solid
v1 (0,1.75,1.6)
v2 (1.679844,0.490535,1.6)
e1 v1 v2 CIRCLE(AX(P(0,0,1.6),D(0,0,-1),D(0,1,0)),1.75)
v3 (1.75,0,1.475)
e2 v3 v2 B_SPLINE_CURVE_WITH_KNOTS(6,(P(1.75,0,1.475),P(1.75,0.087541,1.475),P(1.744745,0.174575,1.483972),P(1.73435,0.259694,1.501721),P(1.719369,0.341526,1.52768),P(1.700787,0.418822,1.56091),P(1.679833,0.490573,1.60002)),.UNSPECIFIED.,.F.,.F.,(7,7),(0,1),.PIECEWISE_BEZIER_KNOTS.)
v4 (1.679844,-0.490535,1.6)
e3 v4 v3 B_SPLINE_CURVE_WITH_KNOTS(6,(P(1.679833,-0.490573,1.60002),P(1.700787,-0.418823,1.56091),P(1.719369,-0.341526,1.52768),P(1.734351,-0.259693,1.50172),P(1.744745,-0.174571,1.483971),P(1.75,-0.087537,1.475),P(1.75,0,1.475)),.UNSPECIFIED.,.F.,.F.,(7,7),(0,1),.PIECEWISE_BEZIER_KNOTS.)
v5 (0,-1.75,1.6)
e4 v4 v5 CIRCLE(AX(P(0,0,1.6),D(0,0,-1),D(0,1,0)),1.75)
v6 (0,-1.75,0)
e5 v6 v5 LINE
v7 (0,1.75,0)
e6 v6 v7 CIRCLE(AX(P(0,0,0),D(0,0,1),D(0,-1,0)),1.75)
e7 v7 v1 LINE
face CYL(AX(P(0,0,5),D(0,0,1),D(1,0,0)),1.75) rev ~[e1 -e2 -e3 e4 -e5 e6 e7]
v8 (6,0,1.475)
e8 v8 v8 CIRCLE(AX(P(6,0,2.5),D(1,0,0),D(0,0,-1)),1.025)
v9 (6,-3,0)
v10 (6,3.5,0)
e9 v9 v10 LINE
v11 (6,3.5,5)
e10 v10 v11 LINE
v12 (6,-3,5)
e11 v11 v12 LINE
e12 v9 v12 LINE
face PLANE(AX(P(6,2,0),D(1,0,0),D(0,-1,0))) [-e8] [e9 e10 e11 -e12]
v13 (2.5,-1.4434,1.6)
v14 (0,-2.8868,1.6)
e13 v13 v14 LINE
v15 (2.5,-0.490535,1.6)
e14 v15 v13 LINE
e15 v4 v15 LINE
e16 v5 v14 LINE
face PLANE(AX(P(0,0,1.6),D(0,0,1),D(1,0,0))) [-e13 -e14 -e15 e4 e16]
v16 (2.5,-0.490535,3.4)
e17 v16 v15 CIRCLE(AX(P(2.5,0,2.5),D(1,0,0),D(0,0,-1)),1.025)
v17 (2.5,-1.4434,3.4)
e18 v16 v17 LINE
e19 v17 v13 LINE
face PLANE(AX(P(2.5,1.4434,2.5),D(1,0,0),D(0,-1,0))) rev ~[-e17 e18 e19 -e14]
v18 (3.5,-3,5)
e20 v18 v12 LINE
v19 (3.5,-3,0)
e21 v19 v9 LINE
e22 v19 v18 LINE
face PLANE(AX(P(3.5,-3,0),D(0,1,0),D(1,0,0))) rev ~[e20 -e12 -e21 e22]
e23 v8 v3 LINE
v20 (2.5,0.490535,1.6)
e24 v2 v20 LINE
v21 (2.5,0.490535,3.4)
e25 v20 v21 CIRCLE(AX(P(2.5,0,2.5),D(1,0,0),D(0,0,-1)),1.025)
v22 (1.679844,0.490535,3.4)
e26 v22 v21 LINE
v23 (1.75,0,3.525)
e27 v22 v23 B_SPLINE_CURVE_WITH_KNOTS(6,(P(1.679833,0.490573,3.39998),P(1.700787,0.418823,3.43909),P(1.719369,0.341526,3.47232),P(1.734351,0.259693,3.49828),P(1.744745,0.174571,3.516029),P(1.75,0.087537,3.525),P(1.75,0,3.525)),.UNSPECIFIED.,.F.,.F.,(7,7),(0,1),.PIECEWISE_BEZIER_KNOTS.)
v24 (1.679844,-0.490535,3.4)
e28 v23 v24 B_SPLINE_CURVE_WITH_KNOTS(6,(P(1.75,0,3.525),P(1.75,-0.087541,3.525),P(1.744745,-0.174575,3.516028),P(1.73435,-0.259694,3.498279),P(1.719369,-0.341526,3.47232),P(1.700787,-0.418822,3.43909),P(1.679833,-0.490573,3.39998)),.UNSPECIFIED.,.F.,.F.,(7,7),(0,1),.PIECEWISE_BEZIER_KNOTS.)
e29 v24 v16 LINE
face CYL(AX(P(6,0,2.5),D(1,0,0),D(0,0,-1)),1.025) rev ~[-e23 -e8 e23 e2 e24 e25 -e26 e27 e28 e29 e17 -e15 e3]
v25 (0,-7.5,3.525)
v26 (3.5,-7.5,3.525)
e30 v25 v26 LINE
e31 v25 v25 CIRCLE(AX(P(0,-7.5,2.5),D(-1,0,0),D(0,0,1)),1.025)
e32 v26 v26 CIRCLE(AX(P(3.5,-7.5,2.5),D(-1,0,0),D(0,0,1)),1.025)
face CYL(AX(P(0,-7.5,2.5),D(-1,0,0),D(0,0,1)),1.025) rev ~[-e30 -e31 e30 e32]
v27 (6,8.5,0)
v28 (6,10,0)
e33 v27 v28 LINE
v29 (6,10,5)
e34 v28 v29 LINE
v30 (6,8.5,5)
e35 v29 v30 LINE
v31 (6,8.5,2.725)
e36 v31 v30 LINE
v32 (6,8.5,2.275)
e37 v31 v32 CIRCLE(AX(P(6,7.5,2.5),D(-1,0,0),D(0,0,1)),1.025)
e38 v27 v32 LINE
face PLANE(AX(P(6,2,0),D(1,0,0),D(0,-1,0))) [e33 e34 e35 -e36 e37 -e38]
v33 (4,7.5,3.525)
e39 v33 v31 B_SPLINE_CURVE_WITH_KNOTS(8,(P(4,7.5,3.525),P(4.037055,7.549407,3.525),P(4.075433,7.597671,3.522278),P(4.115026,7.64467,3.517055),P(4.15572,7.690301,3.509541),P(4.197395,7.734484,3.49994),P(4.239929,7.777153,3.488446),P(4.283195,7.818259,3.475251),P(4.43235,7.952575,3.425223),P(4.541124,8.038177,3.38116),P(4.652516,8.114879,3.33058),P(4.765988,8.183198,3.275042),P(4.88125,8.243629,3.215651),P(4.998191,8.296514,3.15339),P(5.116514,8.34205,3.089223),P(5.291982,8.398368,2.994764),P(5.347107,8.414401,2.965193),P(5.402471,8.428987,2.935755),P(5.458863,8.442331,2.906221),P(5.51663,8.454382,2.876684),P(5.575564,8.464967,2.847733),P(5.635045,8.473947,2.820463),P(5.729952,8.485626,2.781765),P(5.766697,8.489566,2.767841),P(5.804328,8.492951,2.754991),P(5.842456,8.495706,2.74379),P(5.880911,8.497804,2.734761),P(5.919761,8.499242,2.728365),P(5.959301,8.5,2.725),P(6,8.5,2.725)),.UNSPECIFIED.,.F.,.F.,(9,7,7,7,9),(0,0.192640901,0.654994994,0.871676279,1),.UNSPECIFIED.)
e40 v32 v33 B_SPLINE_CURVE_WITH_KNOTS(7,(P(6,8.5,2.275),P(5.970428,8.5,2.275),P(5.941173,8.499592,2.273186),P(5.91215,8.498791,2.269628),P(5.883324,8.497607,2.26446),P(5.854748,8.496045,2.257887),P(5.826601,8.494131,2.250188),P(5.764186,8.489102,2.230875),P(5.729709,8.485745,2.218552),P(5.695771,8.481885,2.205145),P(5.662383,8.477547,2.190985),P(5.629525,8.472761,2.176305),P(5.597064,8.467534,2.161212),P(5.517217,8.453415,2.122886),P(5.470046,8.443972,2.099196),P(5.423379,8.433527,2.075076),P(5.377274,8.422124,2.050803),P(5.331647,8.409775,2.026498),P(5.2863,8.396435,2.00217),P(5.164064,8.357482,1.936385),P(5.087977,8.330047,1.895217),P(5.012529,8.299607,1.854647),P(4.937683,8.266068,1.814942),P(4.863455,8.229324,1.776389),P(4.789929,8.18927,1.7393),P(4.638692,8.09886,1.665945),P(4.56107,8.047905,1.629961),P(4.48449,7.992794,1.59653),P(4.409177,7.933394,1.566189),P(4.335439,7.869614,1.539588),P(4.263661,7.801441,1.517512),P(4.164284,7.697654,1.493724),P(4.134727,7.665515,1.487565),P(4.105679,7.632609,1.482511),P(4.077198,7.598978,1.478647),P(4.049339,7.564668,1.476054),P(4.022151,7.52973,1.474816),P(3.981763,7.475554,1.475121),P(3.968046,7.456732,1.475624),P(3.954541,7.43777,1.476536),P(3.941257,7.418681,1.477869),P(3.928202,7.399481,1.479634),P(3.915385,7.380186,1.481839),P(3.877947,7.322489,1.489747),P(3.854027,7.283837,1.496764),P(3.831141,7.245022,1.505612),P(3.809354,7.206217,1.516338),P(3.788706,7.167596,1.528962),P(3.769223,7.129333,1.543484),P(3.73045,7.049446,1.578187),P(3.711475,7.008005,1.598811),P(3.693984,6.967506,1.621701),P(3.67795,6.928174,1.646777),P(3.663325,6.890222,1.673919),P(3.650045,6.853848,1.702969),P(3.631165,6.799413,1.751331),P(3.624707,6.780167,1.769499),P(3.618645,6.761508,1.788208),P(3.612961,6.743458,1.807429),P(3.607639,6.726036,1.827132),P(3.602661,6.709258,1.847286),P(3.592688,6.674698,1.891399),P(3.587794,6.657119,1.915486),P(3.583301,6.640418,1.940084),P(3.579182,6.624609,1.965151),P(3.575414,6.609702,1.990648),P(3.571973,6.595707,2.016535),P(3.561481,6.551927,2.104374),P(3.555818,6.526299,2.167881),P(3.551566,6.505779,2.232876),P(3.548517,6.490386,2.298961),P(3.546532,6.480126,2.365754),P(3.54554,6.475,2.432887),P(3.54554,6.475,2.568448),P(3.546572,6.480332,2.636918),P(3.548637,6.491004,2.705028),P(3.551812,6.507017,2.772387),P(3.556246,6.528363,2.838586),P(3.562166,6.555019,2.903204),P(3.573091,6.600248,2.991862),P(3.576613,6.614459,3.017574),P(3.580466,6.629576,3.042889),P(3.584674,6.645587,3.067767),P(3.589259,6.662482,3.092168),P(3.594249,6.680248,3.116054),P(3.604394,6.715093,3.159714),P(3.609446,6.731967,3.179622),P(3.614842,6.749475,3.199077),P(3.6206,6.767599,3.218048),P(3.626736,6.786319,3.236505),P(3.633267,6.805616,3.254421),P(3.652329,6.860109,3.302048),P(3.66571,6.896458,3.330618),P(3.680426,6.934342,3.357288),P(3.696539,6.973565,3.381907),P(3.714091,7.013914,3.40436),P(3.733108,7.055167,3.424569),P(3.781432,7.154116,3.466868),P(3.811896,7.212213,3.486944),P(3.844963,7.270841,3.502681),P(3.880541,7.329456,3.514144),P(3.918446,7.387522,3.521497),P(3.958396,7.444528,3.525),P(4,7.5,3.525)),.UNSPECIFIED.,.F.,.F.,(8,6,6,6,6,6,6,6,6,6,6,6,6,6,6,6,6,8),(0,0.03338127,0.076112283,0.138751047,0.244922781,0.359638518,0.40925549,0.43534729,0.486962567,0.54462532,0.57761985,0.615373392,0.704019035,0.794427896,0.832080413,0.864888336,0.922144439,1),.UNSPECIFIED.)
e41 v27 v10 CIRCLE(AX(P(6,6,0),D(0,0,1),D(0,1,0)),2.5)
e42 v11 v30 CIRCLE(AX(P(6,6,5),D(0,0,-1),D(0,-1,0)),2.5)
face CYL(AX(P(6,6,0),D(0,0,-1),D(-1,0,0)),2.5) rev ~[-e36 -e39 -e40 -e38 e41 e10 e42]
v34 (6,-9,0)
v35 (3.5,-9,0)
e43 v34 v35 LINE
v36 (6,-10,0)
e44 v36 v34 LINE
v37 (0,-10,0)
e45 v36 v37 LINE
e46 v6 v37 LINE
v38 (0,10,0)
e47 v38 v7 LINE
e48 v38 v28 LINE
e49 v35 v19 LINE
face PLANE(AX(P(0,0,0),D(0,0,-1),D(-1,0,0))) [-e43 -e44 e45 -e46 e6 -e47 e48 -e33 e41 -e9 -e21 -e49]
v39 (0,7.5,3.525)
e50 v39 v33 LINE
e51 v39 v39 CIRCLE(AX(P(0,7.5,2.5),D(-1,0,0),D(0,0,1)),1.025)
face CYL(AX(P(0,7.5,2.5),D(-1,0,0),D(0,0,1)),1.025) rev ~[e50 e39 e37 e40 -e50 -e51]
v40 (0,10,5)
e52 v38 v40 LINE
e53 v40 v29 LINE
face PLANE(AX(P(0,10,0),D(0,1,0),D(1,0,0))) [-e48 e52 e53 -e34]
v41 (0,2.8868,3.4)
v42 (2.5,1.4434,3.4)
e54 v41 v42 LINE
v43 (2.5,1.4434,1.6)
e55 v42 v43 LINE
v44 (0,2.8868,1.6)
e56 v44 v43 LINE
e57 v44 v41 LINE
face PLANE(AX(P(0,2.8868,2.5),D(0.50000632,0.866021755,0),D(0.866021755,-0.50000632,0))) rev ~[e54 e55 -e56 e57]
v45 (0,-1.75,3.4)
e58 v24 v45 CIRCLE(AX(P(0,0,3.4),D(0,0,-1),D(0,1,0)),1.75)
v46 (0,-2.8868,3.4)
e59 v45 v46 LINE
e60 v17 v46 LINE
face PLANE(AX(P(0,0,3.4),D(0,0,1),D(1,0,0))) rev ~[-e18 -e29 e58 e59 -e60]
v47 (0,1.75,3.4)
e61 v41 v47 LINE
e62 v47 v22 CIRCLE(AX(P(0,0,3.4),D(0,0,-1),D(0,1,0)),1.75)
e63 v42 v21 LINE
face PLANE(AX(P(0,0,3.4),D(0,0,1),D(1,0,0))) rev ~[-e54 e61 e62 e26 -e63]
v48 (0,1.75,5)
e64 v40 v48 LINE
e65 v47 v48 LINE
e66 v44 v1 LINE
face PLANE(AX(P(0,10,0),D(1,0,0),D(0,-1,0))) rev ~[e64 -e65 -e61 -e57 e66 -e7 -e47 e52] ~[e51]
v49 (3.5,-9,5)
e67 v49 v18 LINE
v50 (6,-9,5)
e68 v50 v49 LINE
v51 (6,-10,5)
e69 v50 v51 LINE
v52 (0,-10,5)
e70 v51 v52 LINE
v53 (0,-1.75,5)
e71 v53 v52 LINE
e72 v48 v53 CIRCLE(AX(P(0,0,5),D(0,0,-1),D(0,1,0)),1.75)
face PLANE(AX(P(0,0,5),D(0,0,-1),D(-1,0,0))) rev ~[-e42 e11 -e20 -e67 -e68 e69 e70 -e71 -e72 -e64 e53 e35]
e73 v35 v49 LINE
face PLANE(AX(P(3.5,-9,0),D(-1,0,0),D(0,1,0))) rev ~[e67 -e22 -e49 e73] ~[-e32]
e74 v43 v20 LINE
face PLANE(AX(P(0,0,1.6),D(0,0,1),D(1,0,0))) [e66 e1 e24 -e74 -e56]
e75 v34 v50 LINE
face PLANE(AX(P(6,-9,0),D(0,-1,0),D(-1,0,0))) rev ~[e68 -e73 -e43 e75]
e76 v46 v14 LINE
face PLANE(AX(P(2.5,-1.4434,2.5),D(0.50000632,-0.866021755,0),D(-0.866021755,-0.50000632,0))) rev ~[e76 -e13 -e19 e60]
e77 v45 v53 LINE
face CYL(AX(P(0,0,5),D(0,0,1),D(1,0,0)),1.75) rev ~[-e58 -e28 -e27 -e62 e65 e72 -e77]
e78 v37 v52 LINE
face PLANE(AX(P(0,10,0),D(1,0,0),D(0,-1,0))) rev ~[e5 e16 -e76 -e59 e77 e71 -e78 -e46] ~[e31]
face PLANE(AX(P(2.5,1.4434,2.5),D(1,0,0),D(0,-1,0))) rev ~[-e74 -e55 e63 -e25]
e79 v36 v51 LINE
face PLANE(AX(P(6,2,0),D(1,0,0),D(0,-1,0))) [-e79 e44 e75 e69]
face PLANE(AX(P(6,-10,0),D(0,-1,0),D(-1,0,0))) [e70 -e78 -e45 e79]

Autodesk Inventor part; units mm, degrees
ref_plane "YZ Plane" through (0, 0, 0) normal (1, 0, 0) x (0, 1, 0)
ref_plane "XZ Plane" through (0, 0, 0) normal (0, 1, 0) x (-1, 0, 0)
ref_plane "XY Plane" through (0, 0, 0) normal (0, 0, 1) x (1, 0, 0)
sketch "Sketch1" plane through (0, 0, 0) normal (0, 0, 1) x (1, 0, 0)
  line L0 (10, -10) -> (-10, -10)
  line L1 (-10, -10) -> (-10, 10)
  line L2 (-10, 10) -> (10, 10)
  line L3 (10, 10) -> (10, -10)
  line L4 (10, -10) -> (-10, 10) construction
  line L5 (-10, -10) -> (10, 10) construction
  line L6 (10, -10) -> (6, -10)
  line L7 (6, -10) -> (6, 10)
  line L8 (6, 10) -> (10, 10)
  line L9 (10, 10) -> (10, -10)
  line L10 (6, 2) -> (4, 2)
  line L11 (4, 2) -> (4, -2)
  line L12 (4, -2) -> (6, -2)
  line L13 (6, -2) -> (6, 2)
  line L14 (0, 10) -> (0, -10)
  point P0 (0, 0)
  dimension "d0" = 20
  dimension "d1" = 20
  dimension "d2" = 4
  dimension "d6" = 2
  dimension "d7" = 2
  dimension "d8" = 4
  dimension "d9" = 2
  dimension "d44" = 6
extrude "Extrusion1" add sketch "Sketch1" along normal blind 5 contours L0 L14 L2 L7 L10 L11 L12
ref_plane "Work Plane1" through (0, 0, 2.5) normal (0, 0, 1) x (1, 0, 0)
sketch "Sketch2" plane through (0, 0, 2.5) normal (0, 0, 1) x (1, 0, 0)
  line L0 (0, 10) -> (0, -10) projected
  line L1 (0, 2.8868) -> (2.5, 1.4434)
  line L2 (2.5, 1.4434) -> (2.5, -1.4434)
  line L3 (2.5, -1.4434) -> (0, -2.8868)
  line L4 (0, -2.8868) -> (-2.5, -1.4434)
  line L5 (-2.5, -1.4434) -> (-2.5, 1.4434)
  line L6 (-2.5, 1.4434) -> (0, 2.8868)
  point P0 (0, 0)
  point P1 (0, 0)
  dimension "d12" = 5
extrude "Extrusion2" cut sketch "Sketch2" along normal mid plane 1.8
sketch "Sketch3" plane through (0, 0, 5) normal (0, 0, 1) x (1, 0, 0)
  circle A0 centre (0, 0) radius 1.75
  dimension "d15" = 3.5
extrude "Extrusion3" cut sketch "Sketch3" against normal blind 8
sketch "Sketch4" plane through (0, 10, 0) normal (-1, 0, 0) x (0, 0, 1)
  circle A0 centre (2.5, -2.5) radius 1.025
  circle A1 centre (2.5, -17.5) radius 1.025
  line L0 (0, 0) -> (5, 0) projected
  line L1 (0, 0) -> (0, -8.25) projected
  line L2 (0, -11.75) -> (0, -20) projected
  line L3 (0, -20) -> (5, -20) projected
  point P0 (0, -10)
  dimension "d18" = 2.05
  dimension "d19" = 2.05
  dimension "d20" = 2.5
  dimension "d21" = 2.5
  dimension "d22" = 2.5
  dimension "d23" = 2.5
extrude "Extrusion4" cut sketch "Sketch4" against normal blind 25
sketch "Sketch5" plane through (0, 0, 0) normal (0, 0, -1) x (-1, 0, 0)
  line L0 (-4, -2) -> (-4, 2) projected
  line L1 (-6, -10) -> (-6, -2) projected
  line L2 (-4, 2) -> (-6, 2)
  line L3 (-6, 2) -> (-6, -2)
  line L4 (-6, -2) -> (-4, -2)
  line L5 (-4, -2) -> (-4, 2)
  point P0 (0, 0)
extrude "Extrusion5" add sketch "Sketch5" against normal blind 5
sketch "Sketch6" plane through (0, 0, 0) normal (0, 0, -1) x (-1, 0, 0)
  line L0 (-6, -10) -> (-6, 10) projected
  circle A0 centre (-6, 6) radius 2.5
  line L1 (-6, -9) -> (-3.5, -9)
  line L2 (-3.5, -9) -> (-3.5, -3)
  line L3 (-3.5, -3) -> (-6, -3)
  line L4 (-6, -3) -> (-6, -9)
  line L5 (0, -10) -> (-6, -10) projected
  line L6 (-6, 10) -> (0, 10) projected
  point P0 (0, 0)
  point P1 (-6, 8.5)
  point P2 (-6, 3.5)
  dimension "d32" = 2.5
  dimension "d33" = 1
  dimension "d34" = 6
  dimension "d35" = 5
  dimension "d36" = 4
extrude "Extrusion6" cut sketch "Sketch6" against normal blind 5 contours L0 A0 | L0 L3 L2 L1 picked at (-5.3485, 6.5196)
sketch "Sketch7" plane through (6, -3, 0) normal (1, 0, 0) x (0, 0, -1)
  circle A0 centre (-2.5, 3) radius 1.025
  line L0 (-5, 0) -> (-5, 6.5) projected
  line L1 (0, -7) -> (-5, -7) projected
  point P0 (0, 3)
  dimension "d39" = 2.5
  dimension "d40" = 10
  dimension "d41" = 2.05
extrude "Extrusion7" cut sketch "Sketch7" against normal blind 12
equation "\"d18\" = d19"
properties part number "POMSliderMotor"
